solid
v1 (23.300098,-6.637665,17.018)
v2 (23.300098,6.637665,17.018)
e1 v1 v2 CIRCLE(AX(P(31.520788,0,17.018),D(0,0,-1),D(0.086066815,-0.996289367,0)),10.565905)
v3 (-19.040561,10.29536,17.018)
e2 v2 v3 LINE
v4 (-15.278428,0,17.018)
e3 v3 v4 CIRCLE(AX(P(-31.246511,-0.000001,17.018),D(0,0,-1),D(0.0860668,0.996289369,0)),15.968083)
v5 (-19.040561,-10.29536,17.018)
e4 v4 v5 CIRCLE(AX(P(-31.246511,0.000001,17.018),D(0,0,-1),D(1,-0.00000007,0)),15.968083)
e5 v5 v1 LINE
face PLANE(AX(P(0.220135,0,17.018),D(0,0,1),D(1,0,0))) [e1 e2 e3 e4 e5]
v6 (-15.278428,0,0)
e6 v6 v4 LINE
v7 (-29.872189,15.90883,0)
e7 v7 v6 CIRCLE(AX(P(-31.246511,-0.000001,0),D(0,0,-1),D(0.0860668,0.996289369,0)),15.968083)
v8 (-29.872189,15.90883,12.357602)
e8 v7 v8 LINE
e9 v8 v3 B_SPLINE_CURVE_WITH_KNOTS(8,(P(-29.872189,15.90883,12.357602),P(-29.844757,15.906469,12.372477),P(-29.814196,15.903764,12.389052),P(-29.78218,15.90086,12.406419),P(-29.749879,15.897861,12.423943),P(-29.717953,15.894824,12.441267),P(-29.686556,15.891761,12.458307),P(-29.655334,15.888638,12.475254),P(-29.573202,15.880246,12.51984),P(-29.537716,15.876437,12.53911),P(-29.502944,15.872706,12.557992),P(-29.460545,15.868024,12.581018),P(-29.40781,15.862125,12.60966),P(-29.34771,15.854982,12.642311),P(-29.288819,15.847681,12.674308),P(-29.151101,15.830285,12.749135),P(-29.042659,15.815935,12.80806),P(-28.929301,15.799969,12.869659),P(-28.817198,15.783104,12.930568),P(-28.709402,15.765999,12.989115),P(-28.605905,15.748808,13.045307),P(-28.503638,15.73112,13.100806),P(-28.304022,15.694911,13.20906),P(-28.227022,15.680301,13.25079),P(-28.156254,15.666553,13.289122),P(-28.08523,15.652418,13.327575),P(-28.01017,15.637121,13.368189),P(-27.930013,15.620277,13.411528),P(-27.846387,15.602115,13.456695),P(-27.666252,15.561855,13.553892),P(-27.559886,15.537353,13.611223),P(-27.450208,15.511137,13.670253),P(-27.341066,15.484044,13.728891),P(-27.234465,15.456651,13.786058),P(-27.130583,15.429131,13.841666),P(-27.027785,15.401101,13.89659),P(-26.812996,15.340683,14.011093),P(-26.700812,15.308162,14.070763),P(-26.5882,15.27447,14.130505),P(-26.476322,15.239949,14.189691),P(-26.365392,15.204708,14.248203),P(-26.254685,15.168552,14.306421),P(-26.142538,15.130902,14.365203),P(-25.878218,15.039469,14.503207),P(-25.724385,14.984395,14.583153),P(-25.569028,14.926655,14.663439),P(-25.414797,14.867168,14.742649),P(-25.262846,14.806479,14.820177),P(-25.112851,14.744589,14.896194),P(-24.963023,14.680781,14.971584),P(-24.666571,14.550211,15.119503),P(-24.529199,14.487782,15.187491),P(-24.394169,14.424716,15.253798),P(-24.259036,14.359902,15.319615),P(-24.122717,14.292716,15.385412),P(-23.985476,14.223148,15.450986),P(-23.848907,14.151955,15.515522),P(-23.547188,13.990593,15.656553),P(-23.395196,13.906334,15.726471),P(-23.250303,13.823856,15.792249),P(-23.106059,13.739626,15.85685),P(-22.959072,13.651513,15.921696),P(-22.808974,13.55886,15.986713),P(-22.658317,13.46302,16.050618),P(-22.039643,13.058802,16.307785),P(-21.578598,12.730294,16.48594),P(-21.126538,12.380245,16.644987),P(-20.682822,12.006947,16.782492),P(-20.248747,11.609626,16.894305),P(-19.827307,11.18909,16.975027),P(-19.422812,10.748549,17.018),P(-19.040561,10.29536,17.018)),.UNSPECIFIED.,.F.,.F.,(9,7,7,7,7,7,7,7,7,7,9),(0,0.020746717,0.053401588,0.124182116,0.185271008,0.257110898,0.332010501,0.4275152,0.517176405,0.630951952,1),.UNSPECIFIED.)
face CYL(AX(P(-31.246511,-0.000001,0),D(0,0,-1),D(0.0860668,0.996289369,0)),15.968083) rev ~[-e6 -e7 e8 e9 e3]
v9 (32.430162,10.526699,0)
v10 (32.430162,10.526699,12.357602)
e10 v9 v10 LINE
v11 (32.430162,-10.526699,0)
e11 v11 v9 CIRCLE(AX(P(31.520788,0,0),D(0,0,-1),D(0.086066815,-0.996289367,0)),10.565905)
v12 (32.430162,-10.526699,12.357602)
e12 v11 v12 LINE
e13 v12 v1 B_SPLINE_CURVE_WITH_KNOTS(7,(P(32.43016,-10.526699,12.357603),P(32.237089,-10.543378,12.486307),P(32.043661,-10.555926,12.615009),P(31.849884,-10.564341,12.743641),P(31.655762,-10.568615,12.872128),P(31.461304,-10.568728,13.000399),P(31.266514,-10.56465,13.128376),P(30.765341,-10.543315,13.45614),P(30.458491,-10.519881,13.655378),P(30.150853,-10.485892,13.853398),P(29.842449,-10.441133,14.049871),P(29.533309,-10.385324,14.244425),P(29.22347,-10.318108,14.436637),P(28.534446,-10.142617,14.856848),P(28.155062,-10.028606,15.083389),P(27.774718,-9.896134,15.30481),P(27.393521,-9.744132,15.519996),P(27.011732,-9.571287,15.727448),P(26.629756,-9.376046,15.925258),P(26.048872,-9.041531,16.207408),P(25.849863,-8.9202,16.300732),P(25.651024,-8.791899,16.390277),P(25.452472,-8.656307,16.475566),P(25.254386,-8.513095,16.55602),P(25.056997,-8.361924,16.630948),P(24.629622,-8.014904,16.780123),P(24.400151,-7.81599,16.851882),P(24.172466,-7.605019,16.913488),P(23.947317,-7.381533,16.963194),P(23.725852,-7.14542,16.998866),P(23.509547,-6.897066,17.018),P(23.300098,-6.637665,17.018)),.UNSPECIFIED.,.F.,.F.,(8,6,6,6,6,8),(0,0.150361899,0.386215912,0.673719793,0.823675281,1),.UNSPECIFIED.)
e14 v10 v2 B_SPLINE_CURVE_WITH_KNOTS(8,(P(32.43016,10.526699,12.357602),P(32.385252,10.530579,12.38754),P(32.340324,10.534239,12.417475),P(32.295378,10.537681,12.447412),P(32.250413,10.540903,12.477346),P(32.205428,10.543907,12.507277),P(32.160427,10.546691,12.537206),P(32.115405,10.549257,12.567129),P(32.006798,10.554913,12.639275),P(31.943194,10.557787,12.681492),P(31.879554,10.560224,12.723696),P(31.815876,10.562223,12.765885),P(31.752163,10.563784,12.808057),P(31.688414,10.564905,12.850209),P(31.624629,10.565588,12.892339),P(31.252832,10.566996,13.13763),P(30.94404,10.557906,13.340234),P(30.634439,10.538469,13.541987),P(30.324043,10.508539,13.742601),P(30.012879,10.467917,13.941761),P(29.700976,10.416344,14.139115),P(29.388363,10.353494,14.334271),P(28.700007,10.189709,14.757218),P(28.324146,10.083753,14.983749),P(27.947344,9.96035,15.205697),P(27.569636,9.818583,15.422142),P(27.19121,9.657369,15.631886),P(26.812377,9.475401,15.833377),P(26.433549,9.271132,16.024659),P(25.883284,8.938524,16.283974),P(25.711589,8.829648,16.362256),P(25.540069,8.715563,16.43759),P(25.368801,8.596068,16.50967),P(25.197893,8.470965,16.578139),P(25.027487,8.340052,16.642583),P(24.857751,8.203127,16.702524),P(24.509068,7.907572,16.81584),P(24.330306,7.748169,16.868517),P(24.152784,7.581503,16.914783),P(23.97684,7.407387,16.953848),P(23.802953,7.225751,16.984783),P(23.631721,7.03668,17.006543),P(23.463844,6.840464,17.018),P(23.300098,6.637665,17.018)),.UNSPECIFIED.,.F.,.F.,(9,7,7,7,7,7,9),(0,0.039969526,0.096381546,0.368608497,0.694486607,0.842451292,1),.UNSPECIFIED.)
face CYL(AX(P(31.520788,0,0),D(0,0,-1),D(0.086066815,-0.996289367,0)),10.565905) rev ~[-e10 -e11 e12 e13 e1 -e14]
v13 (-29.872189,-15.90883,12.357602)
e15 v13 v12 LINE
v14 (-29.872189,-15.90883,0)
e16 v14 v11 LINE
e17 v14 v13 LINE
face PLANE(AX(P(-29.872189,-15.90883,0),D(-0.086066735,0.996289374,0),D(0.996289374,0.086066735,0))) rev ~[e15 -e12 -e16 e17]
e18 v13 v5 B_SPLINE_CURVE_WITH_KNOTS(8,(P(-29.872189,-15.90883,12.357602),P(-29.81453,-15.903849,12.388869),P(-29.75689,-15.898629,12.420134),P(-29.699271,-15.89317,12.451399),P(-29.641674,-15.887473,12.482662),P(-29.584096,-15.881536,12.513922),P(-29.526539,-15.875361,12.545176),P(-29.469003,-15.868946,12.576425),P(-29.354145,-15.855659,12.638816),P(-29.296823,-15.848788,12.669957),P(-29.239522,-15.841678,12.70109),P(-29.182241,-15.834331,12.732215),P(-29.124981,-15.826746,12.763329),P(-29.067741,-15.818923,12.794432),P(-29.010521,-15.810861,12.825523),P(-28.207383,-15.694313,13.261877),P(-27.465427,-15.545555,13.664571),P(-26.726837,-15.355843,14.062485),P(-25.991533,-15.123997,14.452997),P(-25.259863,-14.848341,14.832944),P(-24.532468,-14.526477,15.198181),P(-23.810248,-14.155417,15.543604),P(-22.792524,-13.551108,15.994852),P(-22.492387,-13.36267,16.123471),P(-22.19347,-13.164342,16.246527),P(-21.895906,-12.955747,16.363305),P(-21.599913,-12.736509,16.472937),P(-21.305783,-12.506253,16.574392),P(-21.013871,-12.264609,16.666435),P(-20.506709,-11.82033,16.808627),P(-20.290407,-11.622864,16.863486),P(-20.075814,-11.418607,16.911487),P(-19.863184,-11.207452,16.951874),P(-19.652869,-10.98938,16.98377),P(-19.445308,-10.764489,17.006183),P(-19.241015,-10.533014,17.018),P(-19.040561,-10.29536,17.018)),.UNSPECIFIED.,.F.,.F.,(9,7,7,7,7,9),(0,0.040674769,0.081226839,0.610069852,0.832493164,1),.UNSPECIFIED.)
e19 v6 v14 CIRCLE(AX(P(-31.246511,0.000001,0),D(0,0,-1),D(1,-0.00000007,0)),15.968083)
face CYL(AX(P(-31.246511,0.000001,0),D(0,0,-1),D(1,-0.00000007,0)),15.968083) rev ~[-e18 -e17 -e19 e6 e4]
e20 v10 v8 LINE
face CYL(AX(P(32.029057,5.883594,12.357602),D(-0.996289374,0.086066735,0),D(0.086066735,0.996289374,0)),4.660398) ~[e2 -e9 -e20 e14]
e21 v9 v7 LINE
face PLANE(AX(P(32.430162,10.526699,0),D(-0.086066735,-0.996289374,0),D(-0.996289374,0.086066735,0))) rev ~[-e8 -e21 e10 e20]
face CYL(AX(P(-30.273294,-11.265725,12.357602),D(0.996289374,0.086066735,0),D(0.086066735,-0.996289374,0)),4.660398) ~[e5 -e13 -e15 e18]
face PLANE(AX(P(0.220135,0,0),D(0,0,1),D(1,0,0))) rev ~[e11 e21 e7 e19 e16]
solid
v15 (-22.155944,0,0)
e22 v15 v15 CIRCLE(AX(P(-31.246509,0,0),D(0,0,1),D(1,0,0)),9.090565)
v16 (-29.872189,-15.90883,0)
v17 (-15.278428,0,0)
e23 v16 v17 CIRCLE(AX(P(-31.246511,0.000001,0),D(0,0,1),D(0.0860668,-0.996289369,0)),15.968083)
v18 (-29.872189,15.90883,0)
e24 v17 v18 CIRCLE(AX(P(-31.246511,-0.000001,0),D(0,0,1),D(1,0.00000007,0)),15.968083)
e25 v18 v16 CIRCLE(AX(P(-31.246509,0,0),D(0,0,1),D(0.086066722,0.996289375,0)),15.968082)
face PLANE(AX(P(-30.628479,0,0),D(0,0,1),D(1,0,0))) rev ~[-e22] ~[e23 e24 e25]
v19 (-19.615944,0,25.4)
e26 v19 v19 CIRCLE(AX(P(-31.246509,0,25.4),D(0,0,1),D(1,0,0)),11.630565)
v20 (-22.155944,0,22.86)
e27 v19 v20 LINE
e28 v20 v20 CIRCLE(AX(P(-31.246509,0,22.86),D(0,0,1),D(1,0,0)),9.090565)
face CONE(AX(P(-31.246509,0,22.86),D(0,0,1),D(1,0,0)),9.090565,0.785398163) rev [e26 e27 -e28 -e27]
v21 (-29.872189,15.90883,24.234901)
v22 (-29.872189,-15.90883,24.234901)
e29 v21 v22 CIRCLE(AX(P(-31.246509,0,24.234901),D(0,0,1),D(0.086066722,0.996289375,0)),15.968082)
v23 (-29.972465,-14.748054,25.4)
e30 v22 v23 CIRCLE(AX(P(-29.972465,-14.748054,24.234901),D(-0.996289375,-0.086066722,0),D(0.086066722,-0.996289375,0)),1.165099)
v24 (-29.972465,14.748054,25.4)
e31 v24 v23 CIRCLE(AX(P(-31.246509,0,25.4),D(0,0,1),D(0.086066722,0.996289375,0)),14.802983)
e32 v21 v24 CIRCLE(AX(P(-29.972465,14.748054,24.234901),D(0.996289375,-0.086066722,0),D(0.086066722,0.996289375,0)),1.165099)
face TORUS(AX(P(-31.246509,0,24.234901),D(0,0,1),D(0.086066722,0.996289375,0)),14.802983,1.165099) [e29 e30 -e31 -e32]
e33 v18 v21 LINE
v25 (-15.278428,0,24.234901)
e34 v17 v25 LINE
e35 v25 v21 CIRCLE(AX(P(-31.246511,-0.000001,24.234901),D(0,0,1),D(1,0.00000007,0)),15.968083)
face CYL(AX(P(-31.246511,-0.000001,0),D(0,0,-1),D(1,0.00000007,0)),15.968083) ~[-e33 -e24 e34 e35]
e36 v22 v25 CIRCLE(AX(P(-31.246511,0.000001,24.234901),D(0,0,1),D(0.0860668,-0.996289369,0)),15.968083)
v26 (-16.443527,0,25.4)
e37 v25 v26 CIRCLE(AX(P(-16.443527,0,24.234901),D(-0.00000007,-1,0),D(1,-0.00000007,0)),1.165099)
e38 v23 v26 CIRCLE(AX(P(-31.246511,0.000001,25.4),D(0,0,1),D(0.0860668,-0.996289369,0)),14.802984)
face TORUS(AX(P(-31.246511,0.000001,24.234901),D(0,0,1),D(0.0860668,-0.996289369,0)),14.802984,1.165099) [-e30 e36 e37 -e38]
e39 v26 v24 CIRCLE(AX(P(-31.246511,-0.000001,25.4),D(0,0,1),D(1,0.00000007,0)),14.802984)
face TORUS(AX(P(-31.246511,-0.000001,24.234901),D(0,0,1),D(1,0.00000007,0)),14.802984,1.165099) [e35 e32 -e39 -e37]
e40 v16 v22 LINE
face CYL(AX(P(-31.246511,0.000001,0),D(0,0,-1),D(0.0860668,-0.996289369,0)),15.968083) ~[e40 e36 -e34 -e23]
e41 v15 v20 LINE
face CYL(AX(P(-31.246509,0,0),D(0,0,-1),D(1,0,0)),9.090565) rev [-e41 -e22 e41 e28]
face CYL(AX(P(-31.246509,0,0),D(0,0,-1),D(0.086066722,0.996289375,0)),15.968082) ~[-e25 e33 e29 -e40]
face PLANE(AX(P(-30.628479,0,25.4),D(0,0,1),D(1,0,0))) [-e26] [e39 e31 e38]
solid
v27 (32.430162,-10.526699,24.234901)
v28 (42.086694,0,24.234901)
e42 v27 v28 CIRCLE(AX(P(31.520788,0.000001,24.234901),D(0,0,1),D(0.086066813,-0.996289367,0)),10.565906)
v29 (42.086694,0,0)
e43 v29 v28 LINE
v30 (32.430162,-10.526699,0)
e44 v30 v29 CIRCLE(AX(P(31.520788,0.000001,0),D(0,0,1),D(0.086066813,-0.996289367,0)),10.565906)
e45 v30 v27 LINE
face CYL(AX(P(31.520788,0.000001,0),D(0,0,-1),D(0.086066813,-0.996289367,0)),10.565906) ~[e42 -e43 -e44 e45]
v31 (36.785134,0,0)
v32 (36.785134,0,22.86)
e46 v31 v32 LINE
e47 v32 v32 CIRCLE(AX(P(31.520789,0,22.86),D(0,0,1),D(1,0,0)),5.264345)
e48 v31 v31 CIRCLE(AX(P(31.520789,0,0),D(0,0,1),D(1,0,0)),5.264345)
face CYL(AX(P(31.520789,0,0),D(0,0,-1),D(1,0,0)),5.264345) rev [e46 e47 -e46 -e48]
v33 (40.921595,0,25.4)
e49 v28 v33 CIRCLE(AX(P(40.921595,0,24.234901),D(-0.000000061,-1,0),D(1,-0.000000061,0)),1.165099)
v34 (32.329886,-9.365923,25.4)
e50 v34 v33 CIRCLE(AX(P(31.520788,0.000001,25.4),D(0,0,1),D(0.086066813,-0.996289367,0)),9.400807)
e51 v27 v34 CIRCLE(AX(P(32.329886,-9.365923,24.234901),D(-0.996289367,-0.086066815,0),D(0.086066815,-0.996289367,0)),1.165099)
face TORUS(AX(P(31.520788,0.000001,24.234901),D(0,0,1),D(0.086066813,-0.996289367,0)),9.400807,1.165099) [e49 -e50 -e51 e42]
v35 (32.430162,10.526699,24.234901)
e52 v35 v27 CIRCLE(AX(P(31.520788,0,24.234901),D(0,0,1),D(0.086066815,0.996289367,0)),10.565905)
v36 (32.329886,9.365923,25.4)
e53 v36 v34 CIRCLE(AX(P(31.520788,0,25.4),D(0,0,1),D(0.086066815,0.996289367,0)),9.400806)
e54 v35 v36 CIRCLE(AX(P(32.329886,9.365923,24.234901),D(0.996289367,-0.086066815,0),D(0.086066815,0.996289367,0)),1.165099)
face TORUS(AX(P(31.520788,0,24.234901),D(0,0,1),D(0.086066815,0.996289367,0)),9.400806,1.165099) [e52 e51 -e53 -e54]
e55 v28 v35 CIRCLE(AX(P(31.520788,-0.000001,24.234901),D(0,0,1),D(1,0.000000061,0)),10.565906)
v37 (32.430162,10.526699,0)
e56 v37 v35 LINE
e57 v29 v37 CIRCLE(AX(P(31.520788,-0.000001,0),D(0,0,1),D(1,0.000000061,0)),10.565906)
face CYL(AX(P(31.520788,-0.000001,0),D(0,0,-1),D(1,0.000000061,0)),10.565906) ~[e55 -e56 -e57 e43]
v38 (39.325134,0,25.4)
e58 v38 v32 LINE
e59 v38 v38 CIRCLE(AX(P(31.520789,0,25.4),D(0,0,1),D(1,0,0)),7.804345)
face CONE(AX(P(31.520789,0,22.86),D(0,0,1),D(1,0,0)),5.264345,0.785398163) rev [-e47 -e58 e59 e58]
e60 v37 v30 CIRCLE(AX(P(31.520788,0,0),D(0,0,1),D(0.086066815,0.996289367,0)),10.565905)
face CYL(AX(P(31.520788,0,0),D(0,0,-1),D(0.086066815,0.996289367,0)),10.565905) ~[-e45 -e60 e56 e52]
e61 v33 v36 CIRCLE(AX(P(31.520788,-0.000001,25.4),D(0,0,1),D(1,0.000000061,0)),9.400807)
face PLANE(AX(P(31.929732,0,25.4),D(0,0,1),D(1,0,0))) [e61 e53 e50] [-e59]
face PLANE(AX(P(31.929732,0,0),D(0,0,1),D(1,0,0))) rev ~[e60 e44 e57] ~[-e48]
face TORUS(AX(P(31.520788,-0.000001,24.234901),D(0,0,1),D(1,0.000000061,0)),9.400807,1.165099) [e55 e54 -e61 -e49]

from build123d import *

# Parameters (mm, degrees)
F0_R     = 9.090565
F0_R_2   = 5.264345
F1_DEPTH = 25.4
F2_DEPTH = 17.018
F3_R     = 1.165099
F4_R     = 4.660398
F5_SIZE  = 2.54


with BuildPart() as f1:
    # F0 (on Top) → F1 (new body)
    with BuildSketch(Plane.XY):
        with BuildLine():
            ThreePointArc((-29.872189, -15.90883), (-19.479503, -10.794312), (-15.278428, 0))
            ThreePointArc((-15.278428, 0), (-19.479503, 10.794312), (-29.872189, 15.90883))
            ThreePointArc((-29.872189, 15.90883), (-47.214591, 0), (-29.872189, -15.90883))
        make_face()
        with Locations((-31.246509, 0)):
            Circle(F0_R, mode=Mode.SUBTRACT)
        with BuildLine():
            ThreePointArc((42.086694, 0), (39.306888, 7.142479), (32.430162, 10.526699))
            ThreePointArc((32.430162, 10.526699), (20.954883, 0), (32.430162, -10.526699))
            ThreePointArc((32.430162, -10.526699), (39.306888, -7.142479), (42.086694, 0))
        make_face()
        with Locations((31.520789, 0)):
            Circle(F0_R_2, mode=Mode.SUBTRACT)
    extrude(amount=F1_DEPTH)

    # F3
    f3_edges = [f1.edges().sort_by_distance(p)[0] for p in [
        (-32.62083, 15.90883, 25.4),
        (30.611416, 10.526699, 25.4),
    ]]
    fillet(f3_edges, radius=F3_R)

    # F5
    f5_edges = [f1.edges().sort_by_distance(p)[0] for p in [
        (-40.337074, 0, 25.4),
        (26.256444, 0, 25.4),
    ]]
    chamfer(f5_edges, length=F5_SIZE)


with BuildPart() as f2:
    # F0 (on Top) → F2 (new body)
    with BuildSketch(Plane.XY):
        with BuildLine():
            ThreePointArc((-29.872189, 15.90883), (-19.479503, 10.794312), (-15.278428, 0))
            ThreePointArc((-15.278428, 0), (-19.479503, -10.794312), (-29.872189, -15.90883))
            Line((-29.872189, -15.90883), (32.430162, -10.526699))
            ThreePointArc((32.430162, -10.526699), (20.954883, 0), (32.430162, 10.526699))
            Line((32.430162, 10.526699), (-29.872189, 15.90883))
        make_face()
    extrude(amount=F2_DEPTH)

    # F4
    f4_edges = [f2.edges().sort_by_distance(p)[0] for p in [
        (1.278986, -13.217764, 17.018),
        (1.278986, 13.217764, 17.018),
    ]]
    fillet(f4_edges, radius=F4_R)


solid = Compound([f1.part, f2.part])
